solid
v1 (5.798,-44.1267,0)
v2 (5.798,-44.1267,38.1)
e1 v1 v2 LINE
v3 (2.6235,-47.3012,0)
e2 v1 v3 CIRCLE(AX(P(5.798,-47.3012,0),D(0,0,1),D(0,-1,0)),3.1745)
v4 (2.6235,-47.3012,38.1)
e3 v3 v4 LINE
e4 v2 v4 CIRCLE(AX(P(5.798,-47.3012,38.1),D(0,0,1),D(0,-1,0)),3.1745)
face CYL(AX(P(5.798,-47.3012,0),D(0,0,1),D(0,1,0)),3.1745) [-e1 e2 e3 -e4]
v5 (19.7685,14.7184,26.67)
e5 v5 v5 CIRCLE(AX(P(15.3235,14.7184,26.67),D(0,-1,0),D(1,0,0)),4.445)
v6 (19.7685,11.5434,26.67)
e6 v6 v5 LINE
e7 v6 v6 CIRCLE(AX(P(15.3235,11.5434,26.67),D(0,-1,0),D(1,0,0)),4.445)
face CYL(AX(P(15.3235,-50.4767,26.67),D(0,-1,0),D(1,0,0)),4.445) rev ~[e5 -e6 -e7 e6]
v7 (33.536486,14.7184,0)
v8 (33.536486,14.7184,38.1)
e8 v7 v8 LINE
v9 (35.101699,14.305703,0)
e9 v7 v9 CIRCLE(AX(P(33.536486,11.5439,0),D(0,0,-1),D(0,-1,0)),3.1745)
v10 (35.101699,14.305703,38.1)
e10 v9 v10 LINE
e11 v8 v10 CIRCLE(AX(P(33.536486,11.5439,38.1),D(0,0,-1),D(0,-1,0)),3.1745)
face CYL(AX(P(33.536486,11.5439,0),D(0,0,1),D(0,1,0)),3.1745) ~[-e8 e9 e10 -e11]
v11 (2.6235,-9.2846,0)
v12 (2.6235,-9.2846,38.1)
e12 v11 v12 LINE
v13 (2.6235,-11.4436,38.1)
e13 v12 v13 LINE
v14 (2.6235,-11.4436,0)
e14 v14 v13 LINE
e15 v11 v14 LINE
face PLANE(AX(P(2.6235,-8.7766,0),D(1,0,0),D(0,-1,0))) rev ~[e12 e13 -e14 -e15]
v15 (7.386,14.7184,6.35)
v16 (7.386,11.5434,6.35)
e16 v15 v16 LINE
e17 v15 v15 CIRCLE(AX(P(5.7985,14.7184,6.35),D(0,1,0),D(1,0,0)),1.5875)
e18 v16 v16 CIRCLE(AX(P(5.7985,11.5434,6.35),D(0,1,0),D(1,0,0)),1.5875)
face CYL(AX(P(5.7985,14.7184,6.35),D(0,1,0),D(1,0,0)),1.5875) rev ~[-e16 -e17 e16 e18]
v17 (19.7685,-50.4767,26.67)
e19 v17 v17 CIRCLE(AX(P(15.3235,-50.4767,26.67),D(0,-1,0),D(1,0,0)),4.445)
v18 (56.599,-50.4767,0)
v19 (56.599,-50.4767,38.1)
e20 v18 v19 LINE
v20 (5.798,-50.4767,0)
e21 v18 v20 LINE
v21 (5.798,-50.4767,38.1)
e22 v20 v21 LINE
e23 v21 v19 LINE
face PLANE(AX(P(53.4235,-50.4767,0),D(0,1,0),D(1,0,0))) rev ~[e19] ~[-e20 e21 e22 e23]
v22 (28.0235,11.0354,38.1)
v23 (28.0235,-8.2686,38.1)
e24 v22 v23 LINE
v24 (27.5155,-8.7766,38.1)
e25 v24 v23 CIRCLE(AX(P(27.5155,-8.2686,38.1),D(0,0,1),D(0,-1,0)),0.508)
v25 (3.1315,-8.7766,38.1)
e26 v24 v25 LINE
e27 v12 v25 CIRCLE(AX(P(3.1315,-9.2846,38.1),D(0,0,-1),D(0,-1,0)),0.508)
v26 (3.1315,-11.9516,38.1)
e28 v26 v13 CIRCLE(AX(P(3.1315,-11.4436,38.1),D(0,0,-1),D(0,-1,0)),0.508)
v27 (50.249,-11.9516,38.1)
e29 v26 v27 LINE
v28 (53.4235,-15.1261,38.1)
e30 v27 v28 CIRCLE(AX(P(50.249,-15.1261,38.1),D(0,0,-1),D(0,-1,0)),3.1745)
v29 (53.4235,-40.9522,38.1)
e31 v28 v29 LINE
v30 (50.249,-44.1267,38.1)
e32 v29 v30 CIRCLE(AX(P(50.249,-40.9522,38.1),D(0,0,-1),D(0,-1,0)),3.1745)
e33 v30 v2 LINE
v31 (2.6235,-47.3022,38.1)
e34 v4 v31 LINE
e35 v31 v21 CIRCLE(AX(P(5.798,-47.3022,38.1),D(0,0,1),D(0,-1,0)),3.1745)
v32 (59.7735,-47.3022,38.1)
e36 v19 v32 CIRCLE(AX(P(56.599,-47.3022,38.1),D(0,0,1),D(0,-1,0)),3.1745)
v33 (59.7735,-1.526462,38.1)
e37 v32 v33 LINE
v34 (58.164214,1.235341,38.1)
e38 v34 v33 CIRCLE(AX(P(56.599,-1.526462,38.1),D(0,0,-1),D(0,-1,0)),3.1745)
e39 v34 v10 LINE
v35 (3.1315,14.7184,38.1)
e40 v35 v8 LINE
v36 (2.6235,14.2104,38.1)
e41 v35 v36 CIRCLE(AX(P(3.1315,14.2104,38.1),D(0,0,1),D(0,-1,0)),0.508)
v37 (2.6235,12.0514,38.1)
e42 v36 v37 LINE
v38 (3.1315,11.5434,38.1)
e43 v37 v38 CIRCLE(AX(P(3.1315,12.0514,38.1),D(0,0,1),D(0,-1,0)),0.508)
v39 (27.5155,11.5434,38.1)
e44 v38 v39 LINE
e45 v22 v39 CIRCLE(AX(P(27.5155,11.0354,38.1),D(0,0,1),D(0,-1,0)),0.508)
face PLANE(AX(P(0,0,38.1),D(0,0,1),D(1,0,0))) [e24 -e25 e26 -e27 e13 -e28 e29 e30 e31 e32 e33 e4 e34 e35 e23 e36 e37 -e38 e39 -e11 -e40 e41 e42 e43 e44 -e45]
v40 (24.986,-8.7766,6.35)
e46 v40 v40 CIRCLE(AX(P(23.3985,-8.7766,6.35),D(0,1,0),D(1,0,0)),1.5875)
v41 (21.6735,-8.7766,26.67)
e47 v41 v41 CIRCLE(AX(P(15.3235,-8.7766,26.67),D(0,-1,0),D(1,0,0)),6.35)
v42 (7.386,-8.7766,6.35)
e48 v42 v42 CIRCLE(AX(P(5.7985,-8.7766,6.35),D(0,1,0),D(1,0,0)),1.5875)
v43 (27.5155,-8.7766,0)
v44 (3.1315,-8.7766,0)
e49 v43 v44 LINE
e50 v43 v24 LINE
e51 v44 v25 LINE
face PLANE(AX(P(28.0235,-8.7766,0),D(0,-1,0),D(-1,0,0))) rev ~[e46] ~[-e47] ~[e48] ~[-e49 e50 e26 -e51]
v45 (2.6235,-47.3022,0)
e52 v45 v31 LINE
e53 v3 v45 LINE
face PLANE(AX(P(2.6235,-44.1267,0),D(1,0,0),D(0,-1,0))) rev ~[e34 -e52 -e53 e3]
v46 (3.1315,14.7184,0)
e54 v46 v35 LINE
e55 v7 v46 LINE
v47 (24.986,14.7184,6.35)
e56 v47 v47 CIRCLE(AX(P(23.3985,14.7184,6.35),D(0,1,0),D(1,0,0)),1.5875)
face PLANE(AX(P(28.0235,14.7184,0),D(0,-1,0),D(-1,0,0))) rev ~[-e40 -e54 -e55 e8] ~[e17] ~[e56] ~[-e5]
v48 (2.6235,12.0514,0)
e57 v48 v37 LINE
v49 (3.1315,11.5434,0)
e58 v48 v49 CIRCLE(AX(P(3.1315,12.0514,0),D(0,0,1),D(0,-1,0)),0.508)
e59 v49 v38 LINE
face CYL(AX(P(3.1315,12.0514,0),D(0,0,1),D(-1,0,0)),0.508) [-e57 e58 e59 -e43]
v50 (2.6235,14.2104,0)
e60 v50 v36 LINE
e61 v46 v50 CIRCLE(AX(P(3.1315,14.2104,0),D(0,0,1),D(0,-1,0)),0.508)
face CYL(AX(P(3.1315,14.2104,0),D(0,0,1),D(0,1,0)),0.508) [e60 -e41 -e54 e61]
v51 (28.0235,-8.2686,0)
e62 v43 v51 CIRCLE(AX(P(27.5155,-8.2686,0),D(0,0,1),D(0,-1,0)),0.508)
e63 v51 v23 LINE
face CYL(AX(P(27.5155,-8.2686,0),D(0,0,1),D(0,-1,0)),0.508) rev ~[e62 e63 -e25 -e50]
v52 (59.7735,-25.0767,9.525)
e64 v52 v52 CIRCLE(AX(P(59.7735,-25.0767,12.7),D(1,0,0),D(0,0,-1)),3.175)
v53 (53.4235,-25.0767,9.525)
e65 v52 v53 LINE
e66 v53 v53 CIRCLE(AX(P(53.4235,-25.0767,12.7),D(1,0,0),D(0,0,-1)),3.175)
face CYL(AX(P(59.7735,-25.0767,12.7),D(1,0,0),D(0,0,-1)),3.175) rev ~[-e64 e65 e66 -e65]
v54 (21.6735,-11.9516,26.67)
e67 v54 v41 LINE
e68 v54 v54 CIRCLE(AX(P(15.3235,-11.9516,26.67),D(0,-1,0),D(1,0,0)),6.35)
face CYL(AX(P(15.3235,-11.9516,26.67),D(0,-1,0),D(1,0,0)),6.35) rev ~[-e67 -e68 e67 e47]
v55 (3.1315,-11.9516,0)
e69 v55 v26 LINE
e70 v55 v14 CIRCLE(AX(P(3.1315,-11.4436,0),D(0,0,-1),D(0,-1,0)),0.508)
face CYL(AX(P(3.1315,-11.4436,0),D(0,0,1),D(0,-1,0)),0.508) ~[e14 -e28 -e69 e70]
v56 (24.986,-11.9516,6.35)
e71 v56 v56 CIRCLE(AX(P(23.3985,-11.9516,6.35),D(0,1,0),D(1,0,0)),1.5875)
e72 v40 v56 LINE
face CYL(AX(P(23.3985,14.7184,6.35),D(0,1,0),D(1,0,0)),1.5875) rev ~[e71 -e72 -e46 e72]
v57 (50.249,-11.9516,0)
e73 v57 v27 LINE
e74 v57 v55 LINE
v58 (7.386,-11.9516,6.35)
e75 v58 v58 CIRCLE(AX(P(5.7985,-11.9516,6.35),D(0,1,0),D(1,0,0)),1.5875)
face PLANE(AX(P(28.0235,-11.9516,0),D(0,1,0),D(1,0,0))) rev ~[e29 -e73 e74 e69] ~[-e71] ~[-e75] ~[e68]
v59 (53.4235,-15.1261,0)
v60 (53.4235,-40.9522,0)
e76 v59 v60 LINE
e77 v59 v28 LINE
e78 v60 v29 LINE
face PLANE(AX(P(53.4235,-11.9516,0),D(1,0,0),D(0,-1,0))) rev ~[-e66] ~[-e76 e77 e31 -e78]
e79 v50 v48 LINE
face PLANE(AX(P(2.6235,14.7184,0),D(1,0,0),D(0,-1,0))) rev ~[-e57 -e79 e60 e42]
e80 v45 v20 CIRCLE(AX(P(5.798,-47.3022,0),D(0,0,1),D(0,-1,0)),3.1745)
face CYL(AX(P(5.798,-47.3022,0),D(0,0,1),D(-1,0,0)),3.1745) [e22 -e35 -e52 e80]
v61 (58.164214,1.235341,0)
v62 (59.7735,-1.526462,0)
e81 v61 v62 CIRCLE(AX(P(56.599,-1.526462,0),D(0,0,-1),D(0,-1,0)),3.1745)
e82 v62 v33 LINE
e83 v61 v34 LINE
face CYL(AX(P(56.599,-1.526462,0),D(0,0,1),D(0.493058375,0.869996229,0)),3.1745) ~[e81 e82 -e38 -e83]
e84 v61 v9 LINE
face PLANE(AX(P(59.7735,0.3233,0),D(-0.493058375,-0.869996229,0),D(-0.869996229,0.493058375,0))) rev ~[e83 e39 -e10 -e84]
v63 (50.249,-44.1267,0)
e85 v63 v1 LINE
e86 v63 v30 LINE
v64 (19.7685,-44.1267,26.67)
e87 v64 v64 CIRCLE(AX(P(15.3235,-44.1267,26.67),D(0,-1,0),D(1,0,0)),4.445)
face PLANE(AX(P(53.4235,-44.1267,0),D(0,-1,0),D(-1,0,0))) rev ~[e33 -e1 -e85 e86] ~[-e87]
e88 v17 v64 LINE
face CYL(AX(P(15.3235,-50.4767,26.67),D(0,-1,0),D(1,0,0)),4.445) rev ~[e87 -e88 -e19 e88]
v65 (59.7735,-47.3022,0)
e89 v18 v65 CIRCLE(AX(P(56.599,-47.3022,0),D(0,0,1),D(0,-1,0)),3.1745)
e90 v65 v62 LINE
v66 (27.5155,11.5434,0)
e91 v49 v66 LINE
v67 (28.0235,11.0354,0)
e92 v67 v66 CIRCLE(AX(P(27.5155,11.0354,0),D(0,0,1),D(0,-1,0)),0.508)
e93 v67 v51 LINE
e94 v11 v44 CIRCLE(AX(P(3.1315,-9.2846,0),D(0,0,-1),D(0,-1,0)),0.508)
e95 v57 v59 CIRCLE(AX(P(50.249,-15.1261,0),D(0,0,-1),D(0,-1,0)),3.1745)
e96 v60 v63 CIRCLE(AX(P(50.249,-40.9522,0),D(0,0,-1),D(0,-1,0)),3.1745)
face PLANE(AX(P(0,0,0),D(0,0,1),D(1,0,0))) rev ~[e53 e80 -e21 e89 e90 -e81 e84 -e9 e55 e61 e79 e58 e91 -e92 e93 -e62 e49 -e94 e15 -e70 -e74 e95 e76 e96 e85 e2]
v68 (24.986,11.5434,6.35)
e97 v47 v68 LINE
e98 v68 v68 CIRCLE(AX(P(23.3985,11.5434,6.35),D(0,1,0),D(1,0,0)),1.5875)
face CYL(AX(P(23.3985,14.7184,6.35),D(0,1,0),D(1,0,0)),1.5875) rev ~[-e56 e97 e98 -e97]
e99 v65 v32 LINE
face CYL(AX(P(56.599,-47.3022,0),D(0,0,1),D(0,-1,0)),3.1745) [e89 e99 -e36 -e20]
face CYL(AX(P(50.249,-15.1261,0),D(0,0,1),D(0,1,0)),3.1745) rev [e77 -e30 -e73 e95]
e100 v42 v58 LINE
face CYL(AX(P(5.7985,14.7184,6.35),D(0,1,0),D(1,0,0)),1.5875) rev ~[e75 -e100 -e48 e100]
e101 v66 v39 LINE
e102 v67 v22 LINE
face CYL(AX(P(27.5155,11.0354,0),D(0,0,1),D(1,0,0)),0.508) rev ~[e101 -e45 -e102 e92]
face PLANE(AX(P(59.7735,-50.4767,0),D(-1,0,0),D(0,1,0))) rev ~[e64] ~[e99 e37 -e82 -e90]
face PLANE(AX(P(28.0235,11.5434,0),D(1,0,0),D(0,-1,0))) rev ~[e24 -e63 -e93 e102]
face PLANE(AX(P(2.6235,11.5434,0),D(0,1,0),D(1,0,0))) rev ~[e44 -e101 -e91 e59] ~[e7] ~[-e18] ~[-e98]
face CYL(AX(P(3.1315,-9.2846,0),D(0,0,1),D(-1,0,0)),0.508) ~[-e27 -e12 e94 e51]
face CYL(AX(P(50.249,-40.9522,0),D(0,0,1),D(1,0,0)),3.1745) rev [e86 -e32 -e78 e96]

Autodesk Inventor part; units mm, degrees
ref_plane "YZ Plane" through (0, 0, 0) normal (1, 0, 0) x (0, 1, 0)
ref_plane "XZ Plane" through (0, 0, 0) normal (0, 1, 0) x (-1, 0, 0)
ref_plane "XY Plane" through (0, 0, 0) normal (0, 0, 1) x (1, 0, 0)
sketch "Sketch1" plane through (0, 0, 0) normal (0, 0, 1) x (1, 0, 0)
  line L0 (2.6235, 11.5434) -> (28.0235, 11.5434)
  line L1 (28.0235, 11.5434) -> (28.0235, 14.7184)
  line L2 (28.0235, 14.7184) -> (2.6235, 14.7184)
  line L3 (2.6235, 14.7184) -> (2.6235, 11.5434)
  line L4 (28.0235, -8.7766) -> (2.6235, -8.7766)
  line L5 (2.6235, -8.7766) -> (2.6235, -11.9516)
  line L6 (2.6235, -11.9516) -> (28.0235, -11.9516)
  line L7 (28.0235, -11.9516) -> (28.0235, -8.7766)
  line L8 (28.0235, -11.9516) -> (34.3735, -11.9516)
  line L9 (34.3735, -11.9516) -> (34.3735, 14.7184)
  line L10 (34.3735, 14.7184) -> (28.0235, 14.7184)
  line L11 (28.0235, 14.7184) -> (28.0235, -11.9516)
  line L12 (2.6235, -50.4767) -> (53.4235, -50.4767)
  line L13 (53.4235, -50.4767) -> (53.4235, -44.1267)
  line L14 (53.4235, -44.1267) -> (2.6235, -44.1267)
  line L15 (2.6235, -44.1267) -> (2.6235, -50.4767)
  line L16 (53.4235, -50.4767) -> (59.7735, -50.4767)
  line L17 (59.7735, -50.4767) -> (59.7735, 0.3233)
  line L18 (59.7735, 0.3233) -> (53.4235, 0.3233)
  line L19 (53.4235, 0.3233) -> (53.4235, -50.4767)
  line L20 (34.3735, -11.9516) -> (53.4235, -11.9516)
  line L21 (59.7735, 0.3233) -> (34.3735, 14.7184)
  point P0 (0, 0)
  dimension "d22" = 27.94
  dimension "d0" = 25.4
  dimension "d1" = 3.175
  dimension "d2" = 3.175
  dimension "d3" = 20.32
  dimension "d4" = 6.35
  dimension "d5" = 50.8
  dimension "d6" = 6.35
  dimension "d7" = 6.35
  dimension "d8" = 50.8
extrude "Extrusion1" add sketch "Sketch1" along normal blind 38.1
sketch "Sketch2" plane through (59.7735, -50.4767, 0) normal (1, 0, 0) x (0, 0, -1)
  circle A0 centre (-12.7, 25.4) radius 3.175
  line L0 (0, 50.8) -> (-38.1, 50.8) projected
  line L1 (-38.1, 0) -> (-38.1, 50.8) projected
  point P0 (0, 50.4767)
  dimension "d11" = 6.35
  dimension "d12" = 25.4
  dimension "d13" = 25.4
extrude "Extrusion2" cut sketch "Sketch2" against normal blind 25.4
sketch "Sketch3" plane through (2.6235, 14.7184, 0) normal (0, 1, 0) x (1, 0, 0)
  circle A0 centre (3.175, -6.35) radius 1.5875
  circle A1 centre (20.775, -6.35) radius 1.5875
  line L0 (31.75, 0) -> (0, 0) projected
  line L1 (0, 0) -> (0, -38.1) projected
  point P0 (-2.6235, 0)
  dimension "d16" = 3.175
  dimension "d17" = 3.175
  dimension "d18" = 6.35
  dimension "d19" = 6.35
  dimension "d20" = 17.6
  dimension "d21" = 3.175
extrude "Extrusion3" cut sketch "Sketch3" against normal blind 27.94
fillet "Fillet1" radius 3.175 7 edges at (34.3735, 14.7184, 19.05) (59.7735, 0.3233, 19.05) (59.7735, -50.4767, 19.05) (53.4235, -11.9516, 19.05) (53.4235, -44.1267, 19.05) (2.6235, -50.4767, 19.05) (2.6235, -44.1267, 19.05)
fillet "Fillet2" radius 0.508 6 edges at (2.6235, -8.7766, 19.05) (2.6235, -11.9516, 19.05) (2.6235, 11.5434, 19.05) (2.6235, 14.7184, 19.05) (28.0235, 11.5434, 19.05) (28.0235, -8.7766, 19.05)
sketch "Sketch4" plane through (5.7985, -50.4767, 0) normal (0, -1, 0) x (1, 0, 0)
  circle A0 centre (9.525, 26.67) radius 4.445
  line L0 (-3.175, 38.1) -> (-3.175, 0) projected
  line L1 (0, 38.1) -> (50.8, 38.1) projected
  point P0 (-5.7985, 0)
  dimension "d26" = 8.89
  dimension "d28" = 12.7
  dimension "d29" = 11.43
extrude "Extrusion4" cut sketch "Sketch4" against normal blind 101.6
sketch "Sketch5" plane through (50.2485, -11.9516, 0) normal (0, -1, 0) x (1, 0, 0)
  circle A0 centre (-34.925, 26.67) radius 4.445 projected
  circle A1 centre (-34.925, 26.67) radius 6.35
  point P0 (-50.2485, 0)
  dimension "d32" = 12.7
extrude "Extrusion5" cut sketch "Sketch5" against normal blind 5.08
equation "\"d14\" = d12"
properties part number "SwerveBracket"
